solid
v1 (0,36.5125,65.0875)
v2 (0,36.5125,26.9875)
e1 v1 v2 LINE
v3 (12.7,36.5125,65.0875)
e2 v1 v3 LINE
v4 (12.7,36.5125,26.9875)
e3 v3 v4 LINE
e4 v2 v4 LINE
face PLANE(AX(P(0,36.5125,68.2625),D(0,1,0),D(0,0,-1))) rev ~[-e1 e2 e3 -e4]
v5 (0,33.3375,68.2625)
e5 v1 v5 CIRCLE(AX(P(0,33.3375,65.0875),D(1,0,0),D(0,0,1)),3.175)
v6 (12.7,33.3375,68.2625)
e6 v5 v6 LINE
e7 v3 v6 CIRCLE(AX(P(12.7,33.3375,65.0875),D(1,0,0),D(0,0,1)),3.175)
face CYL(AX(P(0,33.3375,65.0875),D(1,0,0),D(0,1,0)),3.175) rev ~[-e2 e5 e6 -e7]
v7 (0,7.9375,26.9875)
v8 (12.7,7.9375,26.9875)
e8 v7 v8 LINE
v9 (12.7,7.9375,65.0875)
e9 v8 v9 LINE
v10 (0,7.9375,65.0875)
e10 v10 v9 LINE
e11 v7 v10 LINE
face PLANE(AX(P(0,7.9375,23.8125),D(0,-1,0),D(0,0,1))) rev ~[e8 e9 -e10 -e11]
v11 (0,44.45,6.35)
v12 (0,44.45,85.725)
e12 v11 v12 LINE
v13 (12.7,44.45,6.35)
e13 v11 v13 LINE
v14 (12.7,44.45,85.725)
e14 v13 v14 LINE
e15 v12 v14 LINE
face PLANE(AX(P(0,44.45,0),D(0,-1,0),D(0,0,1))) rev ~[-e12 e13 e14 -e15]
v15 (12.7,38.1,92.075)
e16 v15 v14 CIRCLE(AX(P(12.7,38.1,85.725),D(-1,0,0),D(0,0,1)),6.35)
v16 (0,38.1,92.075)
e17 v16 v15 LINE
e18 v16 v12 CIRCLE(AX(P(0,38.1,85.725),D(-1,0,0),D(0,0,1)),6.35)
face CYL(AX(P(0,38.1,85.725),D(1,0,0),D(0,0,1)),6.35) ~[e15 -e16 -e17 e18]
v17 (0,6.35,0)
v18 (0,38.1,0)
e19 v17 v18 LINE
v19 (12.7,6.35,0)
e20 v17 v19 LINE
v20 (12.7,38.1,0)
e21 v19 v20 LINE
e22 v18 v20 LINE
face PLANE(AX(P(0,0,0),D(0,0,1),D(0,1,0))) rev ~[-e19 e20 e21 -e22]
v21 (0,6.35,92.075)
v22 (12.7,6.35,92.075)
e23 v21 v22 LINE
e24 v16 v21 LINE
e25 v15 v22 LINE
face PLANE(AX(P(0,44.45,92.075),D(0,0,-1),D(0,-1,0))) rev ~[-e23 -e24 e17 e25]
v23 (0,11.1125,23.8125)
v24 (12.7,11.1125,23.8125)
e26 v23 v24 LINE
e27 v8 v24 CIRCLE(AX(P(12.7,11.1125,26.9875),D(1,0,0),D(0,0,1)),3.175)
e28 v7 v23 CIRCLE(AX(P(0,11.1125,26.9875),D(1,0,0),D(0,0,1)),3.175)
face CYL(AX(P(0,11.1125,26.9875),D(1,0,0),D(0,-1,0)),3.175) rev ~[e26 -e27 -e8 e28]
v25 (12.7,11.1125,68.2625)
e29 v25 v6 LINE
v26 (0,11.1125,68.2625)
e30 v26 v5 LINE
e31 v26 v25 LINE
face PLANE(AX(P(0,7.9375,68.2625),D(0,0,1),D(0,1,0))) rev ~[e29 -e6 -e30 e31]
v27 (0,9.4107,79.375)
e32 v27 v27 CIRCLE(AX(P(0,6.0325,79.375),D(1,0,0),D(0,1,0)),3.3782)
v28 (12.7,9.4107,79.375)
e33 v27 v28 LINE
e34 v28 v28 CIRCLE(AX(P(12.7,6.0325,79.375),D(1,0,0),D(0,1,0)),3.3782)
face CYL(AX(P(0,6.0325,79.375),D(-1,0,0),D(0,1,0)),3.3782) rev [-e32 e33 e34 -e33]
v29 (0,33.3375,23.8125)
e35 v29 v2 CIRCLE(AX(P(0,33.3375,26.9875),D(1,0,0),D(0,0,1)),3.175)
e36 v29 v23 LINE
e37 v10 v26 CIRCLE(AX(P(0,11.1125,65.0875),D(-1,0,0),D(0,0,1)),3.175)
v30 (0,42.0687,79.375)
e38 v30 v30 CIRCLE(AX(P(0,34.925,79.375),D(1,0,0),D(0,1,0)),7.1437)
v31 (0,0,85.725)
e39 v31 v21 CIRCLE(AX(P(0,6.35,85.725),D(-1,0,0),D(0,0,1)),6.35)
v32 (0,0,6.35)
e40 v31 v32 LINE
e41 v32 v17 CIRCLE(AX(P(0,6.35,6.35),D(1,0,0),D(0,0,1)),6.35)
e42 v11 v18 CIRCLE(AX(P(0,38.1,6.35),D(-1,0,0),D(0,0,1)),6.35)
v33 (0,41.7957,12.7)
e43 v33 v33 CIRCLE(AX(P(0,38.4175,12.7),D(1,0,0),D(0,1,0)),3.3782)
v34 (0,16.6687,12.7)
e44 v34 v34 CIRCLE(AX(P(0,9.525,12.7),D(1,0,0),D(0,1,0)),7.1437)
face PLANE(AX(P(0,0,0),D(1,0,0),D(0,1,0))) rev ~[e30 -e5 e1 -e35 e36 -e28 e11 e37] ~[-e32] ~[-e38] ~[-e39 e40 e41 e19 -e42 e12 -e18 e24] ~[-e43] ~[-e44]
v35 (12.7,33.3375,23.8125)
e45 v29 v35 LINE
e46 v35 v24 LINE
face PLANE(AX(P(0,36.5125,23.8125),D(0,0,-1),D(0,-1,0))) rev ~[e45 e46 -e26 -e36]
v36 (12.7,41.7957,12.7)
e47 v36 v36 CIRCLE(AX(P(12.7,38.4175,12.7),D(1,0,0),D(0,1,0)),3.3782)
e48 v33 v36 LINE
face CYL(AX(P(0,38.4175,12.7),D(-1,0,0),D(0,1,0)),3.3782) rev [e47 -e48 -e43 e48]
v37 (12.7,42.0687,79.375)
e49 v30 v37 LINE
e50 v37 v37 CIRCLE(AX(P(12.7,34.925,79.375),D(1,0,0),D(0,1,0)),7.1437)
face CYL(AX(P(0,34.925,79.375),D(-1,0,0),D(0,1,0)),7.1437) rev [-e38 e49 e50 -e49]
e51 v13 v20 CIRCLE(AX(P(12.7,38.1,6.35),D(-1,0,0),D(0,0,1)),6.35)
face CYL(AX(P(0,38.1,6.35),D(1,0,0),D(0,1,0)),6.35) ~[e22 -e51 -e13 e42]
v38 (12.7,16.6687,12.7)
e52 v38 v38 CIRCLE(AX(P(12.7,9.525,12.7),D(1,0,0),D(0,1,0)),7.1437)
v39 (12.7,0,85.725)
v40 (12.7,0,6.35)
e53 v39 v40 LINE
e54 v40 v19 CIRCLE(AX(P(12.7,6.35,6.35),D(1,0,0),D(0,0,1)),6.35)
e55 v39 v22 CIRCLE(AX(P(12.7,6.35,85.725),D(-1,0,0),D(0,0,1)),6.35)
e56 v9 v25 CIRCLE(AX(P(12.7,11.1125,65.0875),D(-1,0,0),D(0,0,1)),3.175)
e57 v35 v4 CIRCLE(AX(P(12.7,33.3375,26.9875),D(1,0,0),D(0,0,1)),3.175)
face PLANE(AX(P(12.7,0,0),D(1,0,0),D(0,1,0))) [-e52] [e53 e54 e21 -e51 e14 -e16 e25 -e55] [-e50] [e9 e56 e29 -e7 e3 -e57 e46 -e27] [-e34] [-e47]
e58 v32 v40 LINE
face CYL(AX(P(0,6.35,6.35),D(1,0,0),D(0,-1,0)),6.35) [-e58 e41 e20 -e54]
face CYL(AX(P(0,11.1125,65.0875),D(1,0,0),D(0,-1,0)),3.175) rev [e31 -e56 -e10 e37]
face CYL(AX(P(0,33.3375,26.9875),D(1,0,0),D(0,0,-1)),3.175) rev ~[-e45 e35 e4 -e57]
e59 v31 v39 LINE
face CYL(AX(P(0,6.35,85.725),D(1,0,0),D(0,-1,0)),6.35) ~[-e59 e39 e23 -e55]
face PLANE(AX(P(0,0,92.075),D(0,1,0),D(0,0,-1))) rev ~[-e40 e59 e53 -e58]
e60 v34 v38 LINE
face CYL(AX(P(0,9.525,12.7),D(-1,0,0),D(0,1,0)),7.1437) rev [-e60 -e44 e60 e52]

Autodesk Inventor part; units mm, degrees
ref_plane "YZ Plane" through (0, 0, 0) normal (1, 0, 0) x (0, 1, 0)
ref_plane "XZ Plane" through (0, 0, 0) normal (0, 1, 0) x (-1, 0, 0)
ref_plane "XY Plane" through (0, 0, 0) normal (0, 0, 1) x (1, 0, 0)
sketch "Sketch1" plane through (0, 0, 0) normal (1, 0, 0) x (0, 1, 0)
  line L0 (0, 0) -> (44.45, 0)
  line L1 (44.45, 0) -> (44.45, 92.075)
  line L2 (44.45, 92.075) -> (0, 92.075)
  line L3 (0, 92.075) -> (0, 0)
  line L4 (14.2875, 92.075) -> (14.2875, 0) construction
  line L5 (30.1625, 92.075) -> (30.1625, 0) construction
  line L6 (22.225, 92.075) -> (22.225, 0) construction
  circle A0 centre (34.925, 79.375) radius 4.7625 construction
  circle A1 centre (9.525, 12.7) radius 4.7625 construction
  circle A2 centre (34.925, 79.375) radius 7.1437
  circle A3 centre (9.525, 12.7) radius 7.1437
  line L7 (7.9375, 68.2625) -> (36.5125, 68.2625)
  line L8 (36.5125, 68.2625) -> (36.5125, 23.8125)
  line L9 (36.5125, 23.8125) -> (7.9375, 23.8125)
  line L10 (7.9375, 23.8125) -> (7.9375, 68.2625)
  line L11 (7.9375, 46.0375) -> (36.5125, 46.0375) construction
  circle A4 centre (6.0325, 79.375) radius 3.3782
  circle A5 centre (38.4175, 12.7) radius 3.3782
  point P0 (22.225, 68.2625)
  point P1 (22.225, 46.0375)
  dimension "d0" = 15.875
  dimension "d2" = 7.9375
  dimension "d3" = 44.45
  dimension "d4" = 9.525
  dimension "d5" = 9.525
  dimension "d6" = 92.075
  dimension "d7" = 12.7
  dimension "d8" = 12.7
  dimension "d11" = 14.2875
  dimension "d12" = 14.2875
  dimension "d15" = 28.575
  dimension "d16" = 44.45
  dimension "d19" = 6.7564
  dimension "d20" = 6.7564
  dimension "d21" = 8.255
  dimension "d22" = 12.7
  dimension "d23" = 8.255
  dimension "d24" = 12.7
extrude "Extrusion1" add sketch "Sketch1" along normal blind 12.7
fillet "Fillet1" radius 6.35 4 edges at (6.35, 0, 92.075) (6.35, 44.45, 92.075) (6.35, 0, 0) (6.35, 44.45, 0)
fillet "Fillet1" radius 3.175 4 edges at (6.35, 7.9375, 68.2625) (6.35, 36.5125, 68.2625) (6.35, 36.5125, 23.8125) (6.35, 7.9375, 23.8125)
equation "\"d2\" = 0.5 * d0"
equation "\"d23\" = d21"
properties part number "M - Carriage Plate Part 1" material "Aluminum 6061"
